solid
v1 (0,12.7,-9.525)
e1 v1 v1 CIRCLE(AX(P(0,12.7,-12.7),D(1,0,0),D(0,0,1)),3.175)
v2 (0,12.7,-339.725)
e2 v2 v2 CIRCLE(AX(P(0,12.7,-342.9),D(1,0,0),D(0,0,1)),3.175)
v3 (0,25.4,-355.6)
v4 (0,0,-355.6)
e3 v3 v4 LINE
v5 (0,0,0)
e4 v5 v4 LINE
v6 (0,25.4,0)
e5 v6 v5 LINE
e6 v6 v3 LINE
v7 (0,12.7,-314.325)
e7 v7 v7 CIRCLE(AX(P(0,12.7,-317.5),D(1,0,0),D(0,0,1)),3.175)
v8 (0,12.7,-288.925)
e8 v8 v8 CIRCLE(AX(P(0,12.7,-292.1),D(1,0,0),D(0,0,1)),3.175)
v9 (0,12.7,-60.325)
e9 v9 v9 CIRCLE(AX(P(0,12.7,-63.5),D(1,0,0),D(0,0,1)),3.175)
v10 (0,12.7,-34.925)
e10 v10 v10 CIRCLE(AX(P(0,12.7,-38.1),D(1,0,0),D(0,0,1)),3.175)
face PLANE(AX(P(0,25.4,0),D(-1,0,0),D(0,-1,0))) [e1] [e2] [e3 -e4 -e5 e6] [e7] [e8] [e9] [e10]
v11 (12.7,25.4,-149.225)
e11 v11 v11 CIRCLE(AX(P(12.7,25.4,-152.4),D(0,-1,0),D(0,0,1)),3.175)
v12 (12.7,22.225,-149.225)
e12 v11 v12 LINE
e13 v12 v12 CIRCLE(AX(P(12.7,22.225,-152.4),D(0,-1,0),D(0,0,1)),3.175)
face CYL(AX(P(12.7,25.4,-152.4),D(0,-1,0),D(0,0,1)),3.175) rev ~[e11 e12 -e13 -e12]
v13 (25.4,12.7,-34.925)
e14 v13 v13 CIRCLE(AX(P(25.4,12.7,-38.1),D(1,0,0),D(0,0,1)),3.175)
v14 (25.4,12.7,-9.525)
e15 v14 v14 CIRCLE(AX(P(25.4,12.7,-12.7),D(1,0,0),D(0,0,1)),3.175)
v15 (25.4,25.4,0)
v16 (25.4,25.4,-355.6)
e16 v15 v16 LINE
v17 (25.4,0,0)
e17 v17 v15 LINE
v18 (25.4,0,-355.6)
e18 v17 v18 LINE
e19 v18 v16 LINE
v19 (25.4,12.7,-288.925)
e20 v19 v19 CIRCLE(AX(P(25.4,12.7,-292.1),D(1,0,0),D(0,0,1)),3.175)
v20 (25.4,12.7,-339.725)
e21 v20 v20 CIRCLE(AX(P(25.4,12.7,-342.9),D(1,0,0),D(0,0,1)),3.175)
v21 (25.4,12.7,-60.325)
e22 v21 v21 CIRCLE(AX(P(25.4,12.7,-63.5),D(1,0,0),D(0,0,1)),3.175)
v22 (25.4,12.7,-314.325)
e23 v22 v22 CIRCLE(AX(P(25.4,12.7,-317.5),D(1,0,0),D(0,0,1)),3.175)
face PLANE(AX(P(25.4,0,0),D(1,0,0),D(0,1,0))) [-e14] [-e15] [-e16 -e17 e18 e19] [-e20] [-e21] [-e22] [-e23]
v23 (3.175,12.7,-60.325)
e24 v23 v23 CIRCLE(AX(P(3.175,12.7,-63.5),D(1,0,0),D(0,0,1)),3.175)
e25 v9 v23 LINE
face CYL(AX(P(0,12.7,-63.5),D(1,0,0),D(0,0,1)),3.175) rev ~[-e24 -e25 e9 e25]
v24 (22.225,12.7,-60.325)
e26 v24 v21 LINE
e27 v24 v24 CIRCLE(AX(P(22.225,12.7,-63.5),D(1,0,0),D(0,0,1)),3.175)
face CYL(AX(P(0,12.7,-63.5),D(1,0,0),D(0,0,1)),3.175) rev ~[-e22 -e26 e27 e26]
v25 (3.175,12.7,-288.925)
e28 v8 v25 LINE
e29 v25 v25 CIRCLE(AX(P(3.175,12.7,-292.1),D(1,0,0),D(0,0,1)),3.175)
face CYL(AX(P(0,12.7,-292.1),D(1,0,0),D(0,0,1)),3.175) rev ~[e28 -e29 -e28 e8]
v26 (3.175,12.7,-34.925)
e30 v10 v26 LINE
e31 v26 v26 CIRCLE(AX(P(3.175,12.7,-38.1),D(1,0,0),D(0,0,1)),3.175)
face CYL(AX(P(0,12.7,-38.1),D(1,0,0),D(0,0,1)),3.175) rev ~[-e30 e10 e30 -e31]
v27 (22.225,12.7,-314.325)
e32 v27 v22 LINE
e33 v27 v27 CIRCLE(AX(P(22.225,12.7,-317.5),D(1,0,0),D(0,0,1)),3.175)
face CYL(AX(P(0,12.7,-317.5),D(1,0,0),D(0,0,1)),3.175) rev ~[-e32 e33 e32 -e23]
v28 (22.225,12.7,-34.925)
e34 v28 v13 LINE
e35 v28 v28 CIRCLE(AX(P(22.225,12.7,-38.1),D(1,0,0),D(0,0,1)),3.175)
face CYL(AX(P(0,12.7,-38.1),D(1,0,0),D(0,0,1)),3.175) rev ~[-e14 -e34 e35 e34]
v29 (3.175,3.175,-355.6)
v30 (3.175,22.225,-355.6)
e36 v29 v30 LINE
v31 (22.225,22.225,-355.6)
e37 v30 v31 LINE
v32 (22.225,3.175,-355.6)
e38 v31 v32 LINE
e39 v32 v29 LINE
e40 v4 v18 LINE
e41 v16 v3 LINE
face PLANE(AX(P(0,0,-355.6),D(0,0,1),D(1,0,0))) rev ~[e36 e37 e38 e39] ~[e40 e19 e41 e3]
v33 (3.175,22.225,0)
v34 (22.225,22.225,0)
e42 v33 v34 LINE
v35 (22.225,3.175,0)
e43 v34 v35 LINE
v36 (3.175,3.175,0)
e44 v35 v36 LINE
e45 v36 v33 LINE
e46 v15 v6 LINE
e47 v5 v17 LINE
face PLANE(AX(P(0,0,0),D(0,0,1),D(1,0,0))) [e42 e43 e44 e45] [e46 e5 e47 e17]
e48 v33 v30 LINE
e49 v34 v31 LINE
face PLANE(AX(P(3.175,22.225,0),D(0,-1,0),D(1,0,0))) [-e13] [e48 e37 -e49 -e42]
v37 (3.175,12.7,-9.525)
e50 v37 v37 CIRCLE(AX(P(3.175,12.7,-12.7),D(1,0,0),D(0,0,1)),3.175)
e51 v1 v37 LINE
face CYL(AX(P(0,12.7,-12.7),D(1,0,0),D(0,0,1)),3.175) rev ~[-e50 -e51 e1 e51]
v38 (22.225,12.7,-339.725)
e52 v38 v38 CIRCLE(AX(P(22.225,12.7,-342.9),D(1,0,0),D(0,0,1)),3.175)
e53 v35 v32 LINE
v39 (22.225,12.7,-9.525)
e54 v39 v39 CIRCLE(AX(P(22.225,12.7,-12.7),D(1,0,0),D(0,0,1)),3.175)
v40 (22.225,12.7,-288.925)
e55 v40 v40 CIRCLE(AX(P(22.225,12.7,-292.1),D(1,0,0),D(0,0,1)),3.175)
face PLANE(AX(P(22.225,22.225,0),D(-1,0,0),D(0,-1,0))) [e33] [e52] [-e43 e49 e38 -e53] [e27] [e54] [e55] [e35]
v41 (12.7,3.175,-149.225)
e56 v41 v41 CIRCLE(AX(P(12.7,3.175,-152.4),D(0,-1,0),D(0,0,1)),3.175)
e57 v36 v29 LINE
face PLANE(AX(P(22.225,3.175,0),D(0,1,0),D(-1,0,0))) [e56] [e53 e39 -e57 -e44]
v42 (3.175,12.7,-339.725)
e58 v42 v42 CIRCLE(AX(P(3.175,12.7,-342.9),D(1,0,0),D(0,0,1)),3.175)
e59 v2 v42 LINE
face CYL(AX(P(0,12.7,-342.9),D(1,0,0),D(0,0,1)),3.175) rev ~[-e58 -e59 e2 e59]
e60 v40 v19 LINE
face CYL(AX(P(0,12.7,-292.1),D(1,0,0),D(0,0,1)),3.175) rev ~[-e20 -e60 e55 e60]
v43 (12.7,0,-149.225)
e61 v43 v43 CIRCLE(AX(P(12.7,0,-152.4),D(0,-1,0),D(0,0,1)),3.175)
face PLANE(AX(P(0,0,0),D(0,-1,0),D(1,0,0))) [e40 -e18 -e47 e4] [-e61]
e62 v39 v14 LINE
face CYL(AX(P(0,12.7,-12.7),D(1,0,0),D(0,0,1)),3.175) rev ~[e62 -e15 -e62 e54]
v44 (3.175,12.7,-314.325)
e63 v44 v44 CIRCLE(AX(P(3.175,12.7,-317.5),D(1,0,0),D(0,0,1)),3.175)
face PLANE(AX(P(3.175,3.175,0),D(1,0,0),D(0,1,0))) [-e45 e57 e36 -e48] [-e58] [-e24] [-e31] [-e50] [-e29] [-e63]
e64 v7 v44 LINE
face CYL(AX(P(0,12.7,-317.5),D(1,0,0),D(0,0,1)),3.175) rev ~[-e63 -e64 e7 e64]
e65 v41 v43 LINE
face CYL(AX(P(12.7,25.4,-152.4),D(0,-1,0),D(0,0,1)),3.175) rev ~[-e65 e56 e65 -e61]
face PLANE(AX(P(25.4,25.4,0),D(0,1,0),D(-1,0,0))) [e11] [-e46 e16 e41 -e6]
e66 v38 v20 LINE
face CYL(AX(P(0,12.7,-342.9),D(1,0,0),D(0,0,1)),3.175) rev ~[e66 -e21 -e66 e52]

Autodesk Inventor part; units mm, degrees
ref_plane "YZ Plane" through (0, 0, 0) normal (1, 0, 0) x (0, 1, 0)
ref_plane "XZ Plane" through (0, 0, 0) normal (0, 1, 0) x (-1, 0, 0)
ref_plane "XY Plane" through (0, 0, 0) normal (0, 0, 1) x (1, 0, 0)
sketch "Sketch1" plane through (0, 0, 0) normal (0, 0, 1) x (1, 0, 0)
  line L0 (0, 0) -> (25.4, 0)
  line L1 (25.4, 0) -> (25.4, 25.4)
  line L2 (25.4, 25.4) -> (0, 25.4)
  line L3 (0, 25.4) -> (0, 0)
  line L4 (3.175, 22.225) -> (22.225, 22.225)
  line L5 (22.225, 22.225) -> (22.225, 3.175)
  line L6 (22.225, 3.175) -> (3.175, 3.175)
  line L7 (3.175, 3.175) -> (3.175, 22.225)
  dimension "d0" = 25.4
  dimension "d1" = 25.4
  dimension "d2" = 3.175
extrude "Extrusion1" add sketch "Sketch1" against normal blind 355.6
sketch "Sketch2" plane through (0, 0, 0) normal (-1, 0, 0) x (0, 0, 1)
  line L0 (0, 25.4) -> (-355.6, 25.4) projected
  line L1 (0, 25.4) -> (0, 0) projected
  point P0 (-317.5, 12.7)
  point P1 (-292.1, 12.7)
  point P2 (-12.7, 12.7)
  point P3 (-38.1, 12.7)
  point P4 (-63.5, 12.7)
  point P5 (-317.5, 12.7)
  point P6 (-342.9, 12.7)
  dimension "d6" = 25.4
  dimension "d7" = 12.7
  dimension "d24" = 12.7
  dimension "d25" = 25.4
  dimension "d26" = 25.4
  dimension "d27" = 25.4
  dimension "d31" = 25.4
  dimension "d32" = 228.6
hole "Hole1" at (0, 12.7, -317.5) at (0, 12.7, -292.1) at (0, 12.7, -38.1) at (0, 12.7, -12.7) at (0, 12.7, -63.5) at (0, 12.7, -342.9) direction (1, 0, 0) diameter 6.35 depth 25.4 tip angle 118
sketch "Sketch5" plane through (0, 25.4, 0) normal (0, 1, 0) x (1, 0, 0)
  line L0 (25.4, 0) -> (0, 0) projected
  point P0 (12.7, 152.4)
  dimension "d34" = 152.4
hole "Hole3" at (12.7, 25.4, -152.4) direction (0, -1, 0) diameter 6.35 depth 25.4 tip angle 118
properties part number "towermiddleunderthing"
